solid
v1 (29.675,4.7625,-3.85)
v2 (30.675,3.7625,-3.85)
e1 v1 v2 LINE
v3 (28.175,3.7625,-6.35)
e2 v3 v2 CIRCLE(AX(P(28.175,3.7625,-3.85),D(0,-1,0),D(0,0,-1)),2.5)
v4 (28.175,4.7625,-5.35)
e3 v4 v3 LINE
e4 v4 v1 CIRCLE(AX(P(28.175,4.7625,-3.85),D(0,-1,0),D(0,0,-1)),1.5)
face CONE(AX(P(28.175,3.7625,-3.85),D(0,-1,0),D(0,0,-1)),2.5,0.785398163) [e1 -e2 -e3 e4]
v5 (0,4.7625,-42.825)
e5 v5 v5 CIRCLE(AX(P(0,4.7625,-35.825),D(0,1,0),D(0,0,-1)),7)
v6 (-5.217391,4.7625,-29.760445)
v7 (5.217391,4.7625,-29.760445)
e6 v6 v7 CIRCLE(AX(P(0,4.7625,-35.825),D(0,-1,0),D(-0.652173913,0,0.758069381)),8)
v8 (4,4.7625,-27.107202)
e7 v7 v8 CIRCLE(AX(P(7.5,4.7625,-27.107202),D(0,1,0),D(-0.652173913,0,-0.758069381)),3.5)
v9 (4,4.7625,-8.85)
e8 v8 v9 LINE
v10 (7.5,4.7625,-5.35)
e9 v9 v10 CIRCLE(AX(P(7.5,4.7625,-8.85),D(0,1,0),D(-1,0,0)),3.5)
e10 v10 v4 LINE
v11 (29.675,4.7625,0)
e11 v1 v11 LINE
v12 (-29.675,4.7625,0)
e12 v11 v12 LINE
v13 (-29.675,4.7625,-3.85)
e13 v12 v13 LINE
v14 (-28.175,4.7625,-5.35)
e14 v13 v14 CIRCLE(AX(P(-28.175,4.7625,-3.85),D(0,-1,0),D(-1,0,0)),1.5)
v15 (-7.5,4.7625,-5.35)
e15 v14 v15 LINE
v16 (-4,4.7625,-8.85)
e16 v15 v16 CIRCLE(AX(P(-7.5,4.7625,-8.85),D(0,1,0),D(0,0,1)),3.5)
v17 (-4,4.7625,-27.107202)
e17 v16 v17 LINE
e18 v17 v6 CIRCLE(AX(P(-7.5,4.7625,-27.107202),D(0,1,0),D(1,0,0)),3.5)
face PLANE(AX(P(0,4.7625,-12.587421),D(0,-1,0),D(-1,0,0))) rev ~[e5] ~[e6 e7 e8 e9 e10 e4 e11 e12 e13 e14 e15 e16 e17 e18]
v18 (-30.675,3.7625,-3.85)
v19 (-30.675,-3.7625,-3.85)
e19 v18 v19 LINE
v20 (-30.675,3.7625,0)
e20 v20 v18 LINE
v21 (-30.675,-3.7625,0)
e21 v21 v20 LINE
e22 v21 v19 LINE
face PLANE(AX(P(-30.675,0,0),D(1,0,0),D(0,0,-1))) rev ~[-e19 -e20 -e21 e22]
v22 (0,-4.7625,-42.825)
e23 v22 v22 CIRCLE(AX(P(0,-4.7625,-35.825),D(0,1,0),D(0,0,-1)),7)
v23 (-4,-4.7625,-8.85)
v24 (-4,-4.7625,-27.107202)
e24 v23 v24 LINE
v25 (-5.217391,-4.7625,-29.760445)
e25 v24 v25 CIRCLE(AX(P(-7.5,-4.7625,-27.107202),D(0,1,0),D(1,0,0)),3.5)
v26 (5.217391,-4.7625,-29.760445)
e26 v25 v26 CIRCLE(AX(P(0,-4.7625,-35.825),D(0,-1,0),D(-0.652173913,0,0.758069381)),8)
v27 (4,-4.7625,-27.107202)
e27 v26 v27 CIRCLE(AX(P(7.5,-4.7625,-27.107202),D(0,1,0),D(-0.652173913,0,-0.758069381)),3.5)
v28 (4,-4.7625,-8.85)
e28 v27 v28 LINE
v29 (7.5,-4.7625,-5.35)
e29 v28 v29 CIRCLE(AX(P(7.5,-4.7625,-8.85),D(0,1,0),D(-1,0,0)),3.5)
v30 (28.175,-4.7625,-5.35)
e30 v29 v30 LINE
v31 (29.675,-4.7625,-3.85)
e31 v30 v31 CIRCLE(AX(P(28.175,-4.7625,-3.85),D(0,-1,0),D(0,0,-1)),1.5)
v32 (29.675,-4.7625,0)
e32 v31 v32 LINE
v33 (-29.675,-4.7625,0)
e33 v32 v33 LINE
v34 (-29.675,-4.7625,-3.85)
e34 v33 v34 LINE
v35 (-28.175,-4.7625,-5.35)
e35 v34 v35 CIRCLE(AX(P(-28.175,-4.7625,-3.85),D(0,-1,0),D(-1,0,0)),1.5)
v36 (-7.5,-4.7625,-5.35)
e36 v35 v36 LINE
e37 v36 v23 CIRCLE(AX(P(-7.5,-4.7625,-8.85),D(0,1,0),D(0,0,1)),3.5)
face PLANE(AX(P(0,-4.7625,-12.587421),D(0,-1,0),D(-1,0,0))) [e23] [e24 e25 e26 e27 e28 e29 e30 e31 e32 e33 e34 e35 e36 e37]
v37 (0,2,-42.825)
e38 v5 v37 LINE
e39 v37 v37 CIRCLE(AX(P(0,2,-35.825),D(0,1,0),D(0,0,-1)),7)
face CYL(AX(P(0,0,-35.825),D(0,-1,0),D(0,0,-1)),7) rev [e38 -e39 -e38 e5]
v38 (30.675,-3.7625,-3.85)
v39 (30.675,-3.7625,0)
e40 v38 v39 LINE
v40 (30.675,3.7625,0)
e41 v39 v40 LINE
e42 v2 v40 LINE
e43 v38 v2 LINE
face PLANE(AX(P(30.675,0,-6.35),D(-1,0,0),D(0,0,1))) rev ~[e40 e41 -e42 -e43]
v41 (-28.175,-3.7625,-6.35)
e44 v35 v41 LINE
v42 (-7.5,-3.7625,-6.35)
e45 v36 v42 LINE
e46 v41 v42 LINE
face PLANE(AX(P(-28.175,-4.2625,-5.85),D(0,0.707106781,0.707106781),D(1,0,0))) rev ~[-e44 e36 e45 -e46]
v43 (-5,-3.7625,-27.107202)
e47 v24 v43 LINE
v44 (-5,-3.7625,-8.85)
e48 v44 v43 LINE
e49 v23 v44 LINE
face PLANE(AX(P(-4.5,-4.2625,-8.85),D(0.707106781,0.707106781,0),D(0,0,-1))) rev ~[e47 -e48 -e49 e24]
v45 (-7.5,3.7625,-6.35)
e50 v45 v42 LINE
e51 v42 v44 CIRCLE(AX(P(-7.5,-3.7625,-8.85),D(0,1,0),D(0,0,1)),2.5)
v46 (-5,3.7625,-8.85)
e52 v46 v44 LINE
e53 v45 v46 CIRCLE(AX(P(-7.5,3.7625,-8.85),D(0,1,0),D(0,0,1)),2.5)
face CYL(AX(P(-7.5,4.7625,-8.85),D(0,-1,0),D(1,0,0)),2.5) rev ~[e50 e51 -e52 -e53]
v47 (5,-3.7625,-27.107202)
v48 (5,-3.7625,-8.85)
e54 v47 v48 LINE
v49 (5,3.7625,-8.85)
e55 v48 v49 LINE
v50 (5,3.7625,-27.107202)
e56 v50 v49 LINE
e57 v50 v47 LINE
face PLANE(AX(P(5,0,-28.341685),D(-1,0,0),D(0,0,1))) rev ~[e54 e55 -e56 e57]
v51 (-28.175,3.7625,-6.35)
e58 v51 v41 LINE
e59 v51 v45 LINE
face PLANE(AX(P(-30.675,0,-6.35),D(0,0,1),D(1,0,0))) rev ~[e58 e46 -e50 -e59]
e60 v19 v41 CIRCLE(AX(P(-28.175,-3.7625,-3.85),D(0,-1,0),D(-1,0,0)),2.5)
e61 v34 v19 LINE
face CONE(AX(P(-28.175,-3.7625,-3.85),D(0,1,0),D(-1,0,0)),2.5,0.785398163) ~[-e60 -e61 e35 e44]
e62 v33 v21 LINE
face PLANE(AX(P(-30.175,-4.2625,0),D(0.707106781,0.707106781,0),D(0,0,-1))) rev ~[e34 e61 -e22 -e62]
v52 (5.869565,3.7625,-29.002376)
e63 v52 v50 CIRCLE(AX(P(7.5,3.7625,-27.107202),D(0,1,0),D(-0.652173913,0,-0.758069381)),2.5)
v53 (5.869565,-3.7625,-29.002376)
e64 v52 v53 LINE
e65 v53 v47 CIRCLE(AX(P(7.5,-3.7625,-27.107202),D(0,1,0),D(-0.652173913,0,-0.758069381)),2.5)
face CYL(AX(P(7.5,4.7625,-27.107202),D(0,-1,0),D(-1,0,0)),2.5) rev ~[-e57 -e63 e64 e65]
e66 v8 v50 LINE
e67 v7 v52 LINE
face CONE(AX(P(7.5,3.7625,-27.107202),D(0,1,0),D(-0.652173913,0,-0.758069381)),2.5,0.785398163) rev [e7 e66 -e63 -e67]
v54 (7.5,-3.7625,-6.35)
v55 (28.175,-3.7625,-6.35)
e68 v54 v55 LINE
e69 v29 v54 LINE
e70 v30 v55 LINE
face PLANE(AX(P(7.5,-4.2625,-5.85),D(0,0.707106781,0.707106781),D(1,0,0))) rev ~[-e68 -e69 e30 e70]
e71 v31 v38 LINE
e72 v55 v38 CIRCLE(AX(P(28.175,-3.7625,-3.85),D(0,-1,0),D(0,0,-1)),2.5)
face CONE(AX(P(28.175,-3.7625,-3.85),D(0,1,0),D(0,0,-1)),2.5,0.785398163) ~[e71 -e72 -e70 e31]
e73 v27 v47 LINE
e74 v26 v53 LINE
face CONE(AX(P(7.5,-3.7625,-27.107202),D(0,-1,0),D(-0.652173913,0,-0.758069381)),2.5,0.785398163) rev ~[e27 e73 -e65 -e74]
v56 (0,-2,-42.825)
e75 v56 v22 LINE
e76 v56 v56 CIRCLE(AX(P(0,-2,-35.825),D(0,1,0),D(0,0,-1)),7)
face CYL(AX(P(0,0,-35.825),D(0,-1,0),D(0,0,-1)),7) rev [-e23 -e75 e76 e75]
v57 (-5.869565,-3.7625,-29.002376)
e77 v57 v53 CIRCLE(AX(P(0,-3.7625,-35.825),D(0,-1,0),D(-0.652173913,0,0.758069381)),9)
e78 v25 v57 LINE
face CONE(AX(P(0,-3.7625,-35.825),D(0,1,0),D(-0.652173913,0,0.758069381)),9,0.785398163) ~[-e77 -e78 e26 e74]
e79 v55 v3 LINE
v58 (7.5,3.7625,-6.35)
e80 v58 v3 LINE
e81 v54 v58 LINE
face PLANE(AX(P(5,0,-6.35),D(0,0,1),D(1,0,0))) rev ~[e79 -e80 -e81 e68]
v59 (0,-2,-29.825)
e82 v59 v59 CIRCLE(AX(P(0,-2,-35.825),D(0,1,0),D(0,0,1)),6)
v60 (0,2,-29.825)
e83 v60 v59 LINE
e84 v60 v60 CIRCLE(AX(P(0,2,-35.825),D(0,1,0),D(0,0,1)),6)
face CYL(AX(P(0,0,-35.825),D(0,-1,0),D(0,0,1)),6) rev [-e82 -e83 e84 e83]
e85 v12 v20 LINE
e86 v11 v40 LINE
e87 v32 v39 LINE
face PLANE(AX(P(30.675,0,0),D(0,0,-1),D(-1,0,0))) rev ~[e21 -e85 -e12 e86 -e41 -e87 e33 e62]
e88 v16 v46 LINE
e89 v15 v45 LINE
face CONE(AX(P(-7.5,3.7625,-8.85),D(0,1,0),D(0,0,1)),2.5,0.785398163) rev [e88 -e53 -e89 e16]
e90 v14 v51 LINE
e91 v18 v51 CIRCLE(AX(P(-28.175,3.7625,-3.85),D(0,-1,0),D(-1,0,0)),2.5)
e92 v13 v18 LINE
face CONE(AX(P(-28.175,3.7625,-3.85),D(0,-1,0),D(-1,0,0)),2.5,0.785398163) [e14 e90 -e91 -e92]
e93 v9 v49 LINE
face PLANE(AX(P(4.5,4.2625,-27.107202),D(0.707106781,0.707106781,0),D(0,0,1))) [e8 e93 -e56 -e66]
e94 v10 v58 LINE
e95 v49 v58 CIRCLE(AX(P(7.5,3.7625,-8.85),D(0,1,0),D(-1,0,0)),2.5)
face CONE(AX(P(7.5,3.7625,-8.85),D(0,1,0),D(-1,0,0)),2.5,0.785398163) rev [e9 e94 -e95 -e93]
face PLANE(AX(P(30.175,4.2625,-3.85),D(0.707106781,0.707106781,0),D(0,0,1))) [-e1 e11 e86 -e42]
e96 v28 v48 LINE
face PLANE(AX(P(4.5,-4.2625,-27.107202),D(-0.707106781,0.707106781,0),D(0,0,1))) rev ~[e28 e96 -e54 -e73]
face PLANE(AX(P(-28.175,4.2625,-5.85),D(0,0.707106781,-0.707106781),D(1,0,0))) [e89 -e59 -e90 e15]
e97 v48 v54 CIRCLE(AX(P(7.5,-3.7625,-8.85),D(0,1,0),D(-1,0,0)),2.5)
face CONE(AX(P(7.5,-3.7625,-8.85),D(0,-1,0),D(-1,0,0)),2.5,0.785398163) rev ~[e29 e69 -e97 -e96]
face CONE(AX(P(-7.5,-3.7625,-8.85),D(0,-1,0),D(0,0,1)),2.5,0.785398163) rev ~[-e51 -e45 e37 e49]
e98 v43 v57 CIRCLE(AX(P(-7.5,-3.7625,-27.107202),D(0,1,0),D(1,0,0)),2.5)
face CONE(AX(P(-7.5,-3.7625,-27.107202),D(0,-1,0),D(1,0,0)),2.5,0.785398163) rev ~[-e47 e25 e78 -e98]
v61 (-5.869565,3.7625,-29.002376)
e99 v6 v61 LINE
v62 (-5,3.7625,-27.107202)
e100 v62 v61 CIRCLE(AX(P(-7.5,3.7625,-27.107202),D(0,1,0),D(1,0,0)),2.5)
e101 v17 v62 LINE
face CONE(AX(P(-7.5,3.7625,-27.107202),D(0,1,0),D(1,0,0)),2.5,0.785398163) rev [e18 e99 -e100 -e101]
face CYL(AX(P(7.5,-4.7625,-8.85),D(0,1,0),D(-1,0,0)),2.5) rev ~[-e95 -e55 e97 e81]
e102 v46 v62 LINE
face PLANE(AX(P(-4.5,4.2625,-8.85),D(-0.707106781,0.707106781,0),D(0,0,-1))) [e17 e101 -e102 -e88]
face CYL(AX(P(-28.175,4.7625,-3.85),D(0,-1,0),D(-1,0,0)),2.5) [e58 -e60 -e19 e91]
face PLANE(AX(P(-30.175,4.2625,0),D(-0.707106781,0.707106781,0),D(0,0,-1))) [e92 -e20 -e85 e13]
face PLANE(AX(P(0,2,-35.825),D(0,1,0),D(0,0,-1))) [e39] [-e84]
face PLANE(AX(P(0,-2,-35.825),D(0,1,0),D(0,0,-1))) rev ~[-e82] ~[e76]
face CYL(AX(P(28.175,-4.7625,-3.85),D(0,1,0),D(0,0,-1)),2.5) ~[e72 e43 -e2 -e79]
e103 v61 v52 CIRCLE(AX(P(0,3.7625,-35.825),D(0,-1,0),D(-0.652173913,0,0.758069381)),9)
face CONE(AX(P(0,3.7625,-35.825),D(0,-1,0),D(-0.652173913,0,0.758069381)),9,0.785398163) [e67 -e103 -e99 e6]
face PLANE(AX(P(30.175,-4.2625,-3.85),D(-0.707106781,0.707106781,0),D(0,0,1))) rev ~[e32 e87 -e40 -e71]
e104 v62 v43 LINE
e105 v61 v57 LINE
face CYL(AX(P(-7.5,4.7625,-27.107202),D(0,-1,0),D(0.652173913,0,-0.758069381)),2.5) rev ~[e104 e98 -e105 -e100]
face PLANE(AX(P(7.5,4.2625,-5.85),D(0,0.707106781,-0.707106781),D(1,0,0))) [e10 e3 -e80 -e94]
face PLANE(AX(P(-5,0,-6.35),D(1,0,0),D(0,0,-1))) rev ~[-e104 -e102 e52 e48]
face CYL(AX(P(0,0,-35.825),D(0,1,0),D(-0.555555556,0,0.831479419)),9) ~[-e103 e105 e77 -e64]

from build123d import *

# Parameters (mm, degrees)
SKETCH1_R           = 7
BOSS_EXTRUDE1_DEPTH = 4.7625
FILLET1_R           = 2.5
CHAMFER1_SIZE       = 1
SKETCH3_R           = 7
SKETCH3_R_2         = 6
BOSS_EXTRUDE2_DEPTH = 2


with BuildPart() as part:
    # Sketch1 → Boss-Extrude1 (new, symmetric)
    with BuildSketch(Plane(origin=(0, 0, 0), x_dir=(1, 0, 0), z_dir=(0, 1, 0))):
        with BuildLine():
            Line((-30.675, 0), (-30.675, 6.35))
            Line((-30.675, 6.35), (-5, 6.35))
            Line((-5, 6.35), (-5, 28.341685226))
            ThreePointArc((-5, 28.341685226), (0, 44.825), (5, 28.341685226))
            Line((5, 28.341685226), (5, 6.35))
            Line((5, 6.35), (30.675, 6.35))
            Line((30.675, 6.35), (30.675, 0))
            Line((30.675, 0), (-30.675, 0))
        make_face()
        with Locations(Location((0, 35.825, 0), (0, 0, 90))):
            Circle(SKETCH1_R, mode=Mode.SUBTRACT)
    extrude(amount=BOSS_EXTRUDE1_DEPTH, both=True)

    # Fillet1
    fillet1_edges = [part.edges().sort_by_distance(p)[0] for p in [
        (-30.675, 0, -6.35),
        (-5, 0, -6.35),
        (-5, 0, -28.341685226),
        (5, 0, -28.341685226),
        (5, 0, -6.35),
        (30.675, 0, -6.35),
    ]]
    fillet(fillet1_edges, radius=FILLET1_R)

    # Chamfer1
    chamfer1_edges = [part.edges().sort_by_distance(p)[0] for p in [
        (30.675, -4.7625, -1.925),
        (-5, -4.7625, -17.978601056),
        (-5, 4.7625, -17.978601056),
        (0, -4.7625, -44.825),
        (0, 4.7625, -44.825),
        (5, -4.7625, -17.978601056),
        (5, 4.7625, -17.978601056),
        (17.8375, -4.7625, -6.35),
        (17.8375, 4.7625, -6.35),
        (-30.675, -4.7625, -1.925),
        (-17.8375, -4.7625, -6.35),
        (-29.942766953, -4.7625, -5.617766953),
        (29.942766953, -4.7625, -5.617766953),
        (-17.8375, 4.7625, -6.35),
        (-30.675, 4.7625, -1.925),
        (-29.942766953, 4.7625, -5.617766953),
        (29.942766953, 4.7625, -5.617766953),
        (-5.227766852, -4.7625, -28.149774183),
        (-5.227766852, 4.7625, -28.149774183),
        (5.227766852, -4.7625, -28.149774183),
        (5.227766852, 4.7625, -28.149774183),
        (5.732233047, -4.7625, -7.082233047),
        (5.732233047, 4.7625, -7.082233047),
        (-5.732233047, -4.7625, -7.082233047),
        (-5.732233047, 4.7625, -7.082233047),
        (30.675, 4.7625, -1.925),
    ]]
    chamfer(chamfer1_edges, length=CHAMFER1_SIZE)

    # Sketch3 → Boss-Extrude2 (add, symmetric)
    with BuildSketch(Plane(origin=(0, 0, 0), x_dir=(1, 0, 0), z_dir=(0, 1, 0))):
        with Locations(Location((0, 35.825, 0), (0, 0, 90))):
            Circle(SKETCH3_R)
        with Locations(Location((0, 35.825, 0), (0, 0, 270))):
            Circle(SKETCH3_R_2, mode=Mode.SUBTRACT)
    extrude(amount=BOSS_EXTRUDE2_DEPTH, both=True)


solid = part.part
